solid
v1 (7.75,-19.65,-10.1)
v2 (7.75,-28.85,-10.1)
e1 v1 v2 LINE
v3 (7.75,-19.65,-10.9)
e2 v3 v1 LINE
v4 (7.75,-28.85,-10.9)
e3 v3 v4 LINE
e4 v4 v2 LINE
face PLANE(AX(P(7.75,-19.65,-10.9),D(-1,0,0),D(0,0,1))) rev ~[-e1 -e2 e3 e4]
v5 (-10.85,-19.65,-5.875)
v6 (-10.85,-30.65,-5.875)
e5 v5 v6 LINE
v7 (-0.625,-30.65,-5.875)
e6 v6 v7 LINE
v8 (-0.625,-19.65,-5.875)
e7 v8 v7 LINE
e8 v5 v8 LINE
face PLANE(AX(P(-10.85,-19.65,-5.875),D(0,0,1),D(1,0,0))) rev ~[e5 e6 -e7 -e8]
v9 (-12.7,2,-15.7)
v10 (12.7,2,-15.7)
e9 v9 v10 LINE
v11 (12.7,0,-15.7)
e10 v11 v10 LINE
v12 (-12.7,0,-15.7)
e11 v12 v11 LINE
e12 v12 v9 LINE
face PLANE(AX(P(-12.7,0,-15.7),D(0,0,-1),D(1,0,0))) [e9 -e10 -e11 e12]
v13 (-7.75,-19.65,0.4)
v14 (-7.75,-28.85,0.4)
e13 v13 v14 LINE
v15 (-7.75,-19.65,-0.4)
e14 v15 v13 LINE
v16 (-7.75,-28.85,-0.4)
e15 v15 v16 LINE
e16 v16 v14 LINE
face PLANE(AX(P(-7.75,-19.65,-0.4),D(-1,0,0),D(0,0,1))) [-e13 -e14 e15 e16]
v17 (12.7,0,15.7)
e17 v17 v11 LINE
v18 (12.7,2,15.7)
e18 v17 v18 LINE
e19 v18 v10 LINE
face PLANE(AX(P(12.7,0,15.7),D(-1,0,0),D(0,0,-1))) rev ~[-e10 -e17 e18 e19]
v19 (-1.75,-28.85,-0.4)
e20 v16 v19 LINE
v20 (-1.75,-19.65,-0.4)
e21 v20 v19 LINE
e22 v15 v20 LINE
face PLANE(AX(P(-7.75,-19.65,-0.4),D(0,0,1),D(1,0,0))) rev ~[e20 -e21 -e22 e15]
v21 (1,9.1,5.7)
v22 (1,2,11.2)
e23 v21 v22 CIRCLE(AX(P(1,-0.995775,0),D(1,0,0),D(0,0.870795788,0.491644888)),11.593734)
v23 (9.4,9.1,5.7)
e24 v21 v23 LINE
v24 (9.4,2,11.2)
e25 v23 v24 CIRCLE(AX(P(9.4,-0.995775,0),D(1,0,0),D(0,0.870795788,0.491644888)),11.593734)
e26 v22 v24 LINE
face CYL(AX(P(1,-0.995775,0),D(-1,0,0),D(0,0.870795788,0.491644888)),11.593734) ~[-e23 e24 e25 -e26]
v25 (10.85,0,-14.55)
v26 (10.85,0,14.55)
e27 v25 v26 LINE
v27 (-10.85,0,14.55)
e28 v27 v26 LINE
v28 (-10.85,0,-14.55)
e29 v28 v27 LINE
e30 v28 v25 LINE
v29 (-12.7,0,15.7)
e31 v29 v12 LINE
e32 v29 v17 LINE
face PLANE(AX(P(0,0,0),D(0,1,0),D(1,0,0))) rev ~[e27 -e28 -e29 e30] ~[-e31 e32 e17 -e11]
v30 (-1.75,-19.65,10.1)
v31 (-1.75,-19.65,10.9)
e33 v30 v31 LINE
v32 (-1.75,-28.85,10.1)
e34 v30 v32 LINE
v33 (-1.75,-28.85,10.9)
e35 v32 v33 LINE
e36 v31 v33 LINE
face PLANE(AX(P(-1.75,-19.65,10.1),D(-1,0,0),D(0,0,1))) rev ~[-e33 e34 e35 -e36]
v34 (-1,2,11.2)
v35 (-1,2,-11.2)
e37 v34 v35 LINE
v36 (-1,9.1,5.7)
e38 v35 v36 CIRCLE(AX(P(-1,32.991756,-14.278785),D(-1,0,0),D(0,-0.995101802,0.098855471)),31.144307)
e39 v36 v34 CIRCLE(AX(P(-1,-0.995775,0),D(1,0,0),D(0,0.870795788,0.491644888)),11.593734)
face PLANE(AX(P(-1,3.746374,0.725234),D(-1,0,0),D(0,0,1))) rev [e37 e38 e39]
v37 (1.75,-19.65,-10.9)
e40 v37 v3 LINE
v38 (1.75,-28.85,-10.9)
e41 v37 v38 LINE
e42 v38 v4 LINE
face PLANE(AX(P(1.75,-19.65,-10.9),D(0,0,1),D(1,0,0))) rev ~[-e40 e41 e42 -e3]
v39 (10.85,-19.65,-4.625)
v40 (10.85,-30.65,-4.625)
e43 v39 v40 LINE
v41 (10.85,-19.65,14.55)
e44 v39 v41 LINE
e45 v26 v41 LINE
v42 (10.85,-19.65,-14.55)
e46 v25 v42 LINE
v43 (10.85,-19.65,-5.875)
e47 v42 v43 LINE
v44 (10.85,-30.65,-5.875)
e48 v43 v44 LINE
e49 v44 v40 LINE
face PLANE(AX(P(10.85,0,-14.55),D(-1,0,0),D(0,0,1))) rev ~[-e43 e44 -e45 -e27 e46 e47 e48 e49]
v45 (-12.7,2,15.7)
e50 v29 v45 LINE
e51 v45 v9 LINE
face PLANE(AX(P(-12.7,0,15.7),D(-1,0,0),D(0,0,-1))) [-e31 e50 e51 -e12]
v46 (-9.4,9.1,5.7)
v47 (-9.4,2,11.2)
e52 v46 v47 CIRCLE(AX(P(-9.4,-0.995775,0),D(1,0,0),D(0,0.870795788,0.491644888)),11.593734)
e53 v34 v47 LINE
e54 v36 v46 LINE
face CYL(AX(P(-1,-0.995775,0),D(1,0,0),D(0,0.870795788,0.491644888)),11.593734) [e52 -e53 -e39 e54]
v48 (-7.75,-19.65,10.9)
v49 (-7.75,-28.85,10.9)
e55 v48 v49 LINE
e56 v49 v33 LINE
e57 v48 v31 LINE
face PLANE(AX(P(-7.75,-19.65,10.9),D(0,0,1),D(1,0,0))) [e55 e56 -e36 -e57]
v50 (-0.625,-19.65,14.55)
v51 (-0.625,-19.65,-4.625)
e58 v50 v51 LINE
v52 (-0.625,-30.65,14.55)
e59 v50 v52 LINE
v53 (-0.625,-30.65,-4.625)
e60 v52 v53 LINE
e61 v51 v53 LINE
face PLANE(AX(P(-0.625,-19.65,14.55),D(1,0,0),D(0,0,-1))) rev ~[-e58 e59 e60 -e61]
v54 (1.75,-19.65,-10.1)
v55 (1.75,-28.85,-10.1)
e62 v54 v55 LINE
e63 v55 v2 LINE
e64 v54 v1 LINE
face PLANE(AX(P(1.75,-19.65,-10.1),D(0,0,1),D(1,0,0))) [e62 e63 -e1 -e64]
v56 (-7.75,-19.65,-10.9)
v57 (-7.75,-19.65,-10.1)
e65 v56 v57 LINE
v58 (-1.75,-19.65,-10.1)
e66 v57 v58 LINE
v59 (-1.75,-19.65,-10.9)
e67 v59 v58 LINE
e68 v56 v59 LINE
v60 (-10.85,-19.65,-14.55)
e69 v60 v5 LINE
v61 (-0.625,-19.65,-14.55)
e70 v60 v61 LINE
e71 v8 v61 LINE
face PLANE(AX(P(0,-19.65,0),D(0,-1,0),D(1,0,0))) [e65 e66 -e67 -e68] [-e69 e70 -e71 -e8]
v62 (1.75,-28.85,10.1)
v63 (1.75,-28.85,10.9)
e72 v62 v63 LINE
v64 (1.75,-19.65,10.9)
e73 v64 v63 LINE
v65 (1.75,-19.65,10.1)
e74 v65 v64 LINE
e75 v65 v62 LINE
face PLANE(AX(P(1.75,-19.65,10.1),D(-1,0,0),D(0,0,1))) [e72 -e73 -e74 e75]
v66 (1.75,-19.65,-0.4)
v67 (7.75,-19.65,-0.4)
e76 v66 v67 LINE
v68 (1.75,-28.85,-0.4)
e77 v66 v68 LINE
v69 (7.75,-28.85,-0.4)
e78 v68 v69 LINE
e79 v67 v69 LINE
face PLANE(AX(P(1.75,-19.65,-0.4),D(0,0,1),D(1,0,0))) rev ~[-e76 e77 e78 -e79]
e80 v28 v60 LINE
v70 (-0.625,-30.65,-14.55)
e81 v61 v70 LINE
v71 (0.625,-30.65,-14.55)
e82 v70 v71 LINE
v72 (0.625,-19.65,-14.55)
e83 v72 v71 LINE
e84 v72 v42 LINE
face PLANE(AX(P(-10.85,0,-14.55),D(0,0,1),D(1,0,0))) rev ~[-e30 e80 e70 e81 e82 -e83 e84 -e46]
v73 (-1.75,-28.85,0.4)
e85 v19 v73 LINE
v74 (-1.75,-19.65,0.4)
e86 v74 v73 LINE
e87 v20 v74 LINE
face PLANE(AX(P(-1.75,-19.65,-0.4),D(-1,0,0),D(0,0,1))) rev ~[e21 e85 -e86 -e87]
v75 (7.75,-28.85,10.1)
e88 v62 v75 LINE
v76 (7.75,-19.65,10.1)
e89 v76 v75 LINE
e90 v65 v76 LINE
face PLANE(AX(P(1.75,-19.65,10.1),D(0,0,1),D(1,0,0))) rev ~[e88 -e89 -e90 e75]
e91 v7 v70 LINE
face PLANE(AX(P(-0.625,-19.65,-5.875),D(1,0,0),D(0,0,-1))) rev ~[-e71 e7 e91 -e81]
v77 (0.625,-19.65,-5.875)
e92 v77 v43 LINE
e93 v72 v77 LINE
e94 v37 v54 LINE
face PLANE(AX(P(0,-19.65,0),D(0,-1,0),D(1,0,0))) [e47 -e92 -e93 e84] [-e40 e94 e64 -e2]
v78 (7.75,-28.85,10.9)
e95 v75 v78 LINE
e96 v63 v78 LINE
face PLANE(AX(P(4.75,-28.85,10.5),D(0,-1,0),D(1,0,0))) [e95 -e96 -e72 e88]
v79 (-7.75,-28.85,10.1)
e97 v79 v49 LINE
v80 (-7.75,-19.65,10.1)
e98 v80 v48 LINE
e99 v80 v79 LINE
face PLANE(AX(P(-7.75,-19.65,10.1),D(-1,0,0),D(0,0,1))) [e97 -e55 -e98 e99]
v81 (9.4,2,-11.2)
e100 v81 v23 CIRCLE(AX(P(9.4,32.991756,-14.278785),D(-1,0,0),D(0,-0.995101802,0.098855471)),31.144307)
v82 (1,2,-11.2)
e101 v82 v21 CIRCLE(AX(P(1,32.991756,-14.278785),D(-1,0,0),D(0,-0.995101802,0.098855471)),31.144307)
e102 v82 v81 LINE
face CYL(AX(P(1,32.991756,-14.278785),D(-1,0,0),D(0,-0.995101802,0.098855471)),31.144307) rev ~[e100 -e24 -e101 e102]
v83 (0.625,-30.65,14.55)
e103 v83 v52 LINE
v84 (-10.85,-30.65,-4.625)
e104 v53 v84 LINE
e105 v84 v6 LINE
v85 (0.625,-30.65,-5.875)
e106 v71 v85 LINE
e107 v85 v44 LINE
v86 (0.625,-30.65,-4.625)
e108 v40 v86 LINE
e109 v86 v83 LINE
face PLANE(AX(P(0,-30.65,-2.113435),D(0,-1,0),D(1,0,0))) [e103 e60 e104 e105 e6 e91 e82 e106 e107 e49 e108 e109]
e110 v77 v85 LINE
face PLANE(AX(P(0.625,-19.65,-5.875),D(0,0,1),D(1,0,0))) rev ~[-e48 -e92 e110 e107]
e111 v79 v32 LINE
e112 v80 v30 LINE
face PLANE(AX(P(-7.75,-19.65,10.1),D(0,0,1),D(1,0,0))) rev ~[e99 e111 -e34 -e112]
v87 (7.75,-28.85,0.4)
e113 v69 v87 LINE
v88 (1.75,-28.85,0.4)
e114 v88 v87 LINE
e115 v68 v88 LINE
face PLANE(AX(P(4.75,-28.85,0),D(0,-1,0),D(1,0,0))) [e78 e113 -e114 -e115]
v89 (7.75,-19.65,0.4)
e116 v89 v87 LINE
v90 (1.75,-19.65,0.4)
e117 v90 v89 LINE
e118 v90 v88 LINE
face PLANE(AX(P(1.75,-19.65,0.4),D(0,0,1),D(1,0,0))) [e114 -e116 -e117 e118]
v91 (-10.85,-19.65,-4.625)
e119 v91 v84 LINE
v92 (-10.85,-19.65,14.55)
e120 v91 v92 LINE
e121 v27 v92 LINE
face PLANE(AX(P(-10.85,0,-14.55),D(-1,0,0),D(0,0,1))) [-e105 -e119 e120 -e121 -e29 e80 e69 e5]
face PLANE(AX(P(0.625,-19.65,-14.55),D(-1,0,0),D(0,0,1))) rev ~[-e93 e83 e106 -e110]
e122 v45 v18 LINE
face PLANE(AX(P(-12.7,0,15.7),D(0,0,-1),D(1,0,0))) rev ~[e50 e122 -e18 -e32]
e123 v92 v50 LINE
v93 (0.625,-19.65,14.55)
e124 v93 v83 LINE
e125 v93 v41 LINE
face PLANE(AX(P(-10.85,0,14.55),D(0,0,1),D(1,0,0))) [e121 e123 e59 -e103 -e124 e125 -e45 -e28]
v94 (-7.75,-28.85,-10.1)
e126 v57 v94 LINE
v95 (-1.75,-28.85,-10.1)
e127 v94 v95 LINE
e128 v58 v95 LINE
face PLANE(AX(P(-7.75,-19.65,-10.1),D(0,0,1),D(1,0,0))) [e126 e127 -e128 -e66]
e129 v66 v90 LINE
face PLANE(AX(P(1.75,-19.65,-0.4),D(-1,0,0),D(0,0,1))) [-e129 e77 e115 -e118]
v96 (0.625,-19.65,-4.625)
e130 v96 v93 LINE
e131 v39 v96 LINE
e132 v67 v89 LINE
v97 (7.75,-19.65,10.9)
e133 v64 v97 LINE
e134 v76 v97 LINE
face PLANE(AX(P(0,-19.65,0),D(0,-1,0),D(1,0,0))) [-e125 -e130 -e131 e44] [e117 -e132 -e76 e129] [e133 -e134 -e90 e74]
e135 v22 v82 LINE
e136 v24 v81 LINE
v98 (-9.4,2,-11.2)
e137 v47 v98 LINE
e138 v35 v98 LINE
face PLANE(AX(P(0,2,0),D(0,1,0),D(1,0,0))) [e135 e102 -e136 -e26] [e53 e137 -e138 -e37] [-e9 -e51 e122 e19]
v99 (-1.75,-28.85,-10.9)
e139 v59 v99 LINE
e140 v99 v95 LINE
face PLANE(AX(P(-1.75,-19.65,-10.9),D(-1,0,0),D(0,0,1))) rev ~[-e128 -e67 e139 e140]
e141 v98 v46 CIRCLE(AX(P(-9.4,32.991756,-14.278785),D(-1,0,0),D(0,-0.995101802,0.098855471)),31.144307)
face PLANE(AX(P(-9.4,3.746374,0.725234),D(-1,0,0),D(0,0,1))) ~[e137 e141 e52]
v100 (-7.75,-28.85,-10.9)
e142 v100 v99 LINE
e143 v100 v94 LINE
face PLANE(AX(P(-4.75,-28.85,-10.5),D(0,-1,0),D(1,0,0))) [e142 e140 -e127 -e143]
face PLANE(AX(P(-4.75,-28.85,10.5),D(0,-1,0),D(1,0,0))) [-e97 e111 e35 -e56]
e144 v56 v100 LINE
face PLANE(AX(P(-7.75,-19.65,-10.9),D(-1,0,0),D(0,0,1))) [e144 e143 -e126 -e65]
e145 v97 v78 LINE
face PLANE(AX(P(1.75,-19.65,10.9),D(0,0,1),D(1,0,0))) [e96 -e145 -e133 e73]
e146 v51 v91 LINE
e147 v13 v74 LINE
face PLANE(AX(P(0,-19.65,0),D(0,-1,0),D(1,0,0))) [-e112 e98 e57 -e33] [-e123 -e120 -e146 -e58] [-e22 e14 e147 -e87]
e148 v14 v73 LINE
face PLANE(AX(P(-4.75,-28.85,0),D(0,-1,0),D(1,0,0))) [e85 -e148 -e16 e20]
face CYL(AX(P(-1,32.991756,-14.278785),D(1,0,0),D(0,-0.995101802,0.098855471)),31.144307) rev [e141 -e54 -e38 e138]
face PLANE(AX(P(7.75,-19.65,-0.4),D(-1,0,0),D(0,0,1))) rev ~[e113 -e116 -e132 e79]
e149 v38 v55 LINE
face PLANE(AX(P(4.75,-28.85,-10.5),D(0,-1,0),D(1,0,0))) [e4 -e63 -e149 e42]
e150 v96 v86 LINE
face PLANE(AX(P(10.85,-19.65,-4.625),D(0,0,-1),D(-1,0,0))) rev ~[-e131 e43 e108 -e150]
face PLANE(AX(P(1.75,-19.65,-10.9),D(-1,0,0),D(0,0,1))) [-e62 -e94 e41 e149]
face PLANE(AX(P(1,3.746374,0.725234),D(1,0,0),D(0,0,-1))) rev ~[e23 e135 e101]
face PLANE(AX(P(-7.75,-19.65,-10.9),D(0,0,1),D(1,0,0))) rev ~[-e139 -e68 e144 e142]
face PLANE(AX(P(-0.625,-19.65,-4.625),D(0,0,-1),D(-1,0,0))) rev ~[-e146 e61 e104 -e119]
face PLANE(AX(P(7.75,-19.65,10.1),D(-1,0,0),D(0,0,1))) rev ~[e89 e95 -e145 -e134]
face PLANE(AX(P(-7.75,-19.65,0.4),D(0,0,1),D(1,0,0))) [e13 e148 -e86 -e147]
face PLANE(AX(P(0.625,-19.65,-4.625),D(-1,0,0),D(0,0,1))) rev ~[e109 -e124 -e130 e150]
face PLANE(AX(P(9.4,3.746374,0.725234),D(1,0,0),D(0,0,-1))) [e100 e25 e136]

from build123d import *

# Parameters (mm, degrees)
CROQUIS1_W              = 25.4
CROQUIS1_H              = 31.4
SALIENTE_EXTRUIR1_DEPTH = 2
SALIENTE_EXTRUIR2_START = 1
SALIENTE_EXTRUIR2_DEPTH = 8.4
CROQUIS3_W              = 21.7
CROQUIS3_H              = 29.1
SALIENTE_EXTRUIR3_DEPTH = 19.65
CROQUIS4_W              = 6
CROQUIS4_H              = 0.8
SALIENTE_EXTRUIR4_DEPTH = 9.2
SALIENTE_EXTRUIR5_DEPTH = 11


with BuildPart() as part:
    # Croquis1 → Saliente-Extruir1 (new body)
    with BuildSketch(Plane(origin=(0, 0, 0), x_dir=(1, 0, 0), z_dir=(0, 1, 0))):
        Rectangle(CROQUIS1_W, CROQUIS1_H)
    extrude(amount=SALIENTE_EXTRUIR1_DEPTH)

    # Croquis2 → Saliente-Extruir2 (add)
    with BuildSketch(Plane(origin=(0, 0, 0), x_dir=(0, 0, -1), z_dir=(1, 0, 0)).offset(SALIENTE_EXTRUIR2_START)):
        with BuildLine():
            Line((-11.2, 2), (11.2, 2))
            ThreePointArc((11.2, 2), (2.215809273, 4.278475594), (-5.7, 9.1))
            ThreePointArc((-5.7, 9.1), (-9.165424158, 6.104201813), (-11.2, 2))
        make_face()
    saliente_extruir2 = extrude(amount=SALIENTE_EXTRUIR2_DEPTH)

    # Simetría1: Saliente-Extruir2 across plane
    add(saliente_extruir2.mirror(Plane(origin=(0, 0, 0), x_dir=(0, 0, 1), z_dir=(1, 0, 0))))

    # Croquis3 → Saliente-Extruir3 (add)
    with BuildSketch(Plane.XZ):
        Rectangle(CROQUIS3_W, CROQUIS3_H)
    extrude(amount=SALIENTE_EXTRUIR3_DEPTH)

    # Croquis4 → Saliente-Extruir4 (add)
    with BuildSketch(Plane.XZ.offset(19.65)):
        with Locations((4.75, 10.5)):
            Rectangle(CROQUIS4_W, CROQUIS4_H)
        with Locations((-4.75, 10.5)):
            Rectangle(CROQUIS4_W, CROQUIS4_H)
        with Locations((4.75, 0)):
            Rectangle(CROQUIS4_W, CROQUIS4_H)
        with Locations((4.75, -10.5)):
            Rectangle(CROQUIS4_W, CROQUIS4_H)
        with Locations((-4.75, 0)):
            Rectangle(CROQUIS4_W, CROQUIS4_H)
        with Locations((-4.75, -10.5)):
            Rectangle(CROQUIS4_W, CROQUIS4_H)
    extrude(amount=SALIENTE_EXTRUIR4_DEPTH)

    # Croquis5 → Saliente-Extruir5 (add)
    with BuildSketch(Plane.XZ.offset(19.65)):
        Polygon((0.625, 14.55), (-0.625, 14.55), (-0.625, -4.625), (-10.85, -4.625), (-10.85, -5.875), (-0.625, -5.875), (-0.625, -14.55), (0.625, -14.55), (0.625, -5.875), (10.85, -5.875), (10.85, -4.625), (0.625, -4.625), align=None)
    extrude(amount=SALIENTE_EXTRUIR5_DEPTH)


solid = part.part
